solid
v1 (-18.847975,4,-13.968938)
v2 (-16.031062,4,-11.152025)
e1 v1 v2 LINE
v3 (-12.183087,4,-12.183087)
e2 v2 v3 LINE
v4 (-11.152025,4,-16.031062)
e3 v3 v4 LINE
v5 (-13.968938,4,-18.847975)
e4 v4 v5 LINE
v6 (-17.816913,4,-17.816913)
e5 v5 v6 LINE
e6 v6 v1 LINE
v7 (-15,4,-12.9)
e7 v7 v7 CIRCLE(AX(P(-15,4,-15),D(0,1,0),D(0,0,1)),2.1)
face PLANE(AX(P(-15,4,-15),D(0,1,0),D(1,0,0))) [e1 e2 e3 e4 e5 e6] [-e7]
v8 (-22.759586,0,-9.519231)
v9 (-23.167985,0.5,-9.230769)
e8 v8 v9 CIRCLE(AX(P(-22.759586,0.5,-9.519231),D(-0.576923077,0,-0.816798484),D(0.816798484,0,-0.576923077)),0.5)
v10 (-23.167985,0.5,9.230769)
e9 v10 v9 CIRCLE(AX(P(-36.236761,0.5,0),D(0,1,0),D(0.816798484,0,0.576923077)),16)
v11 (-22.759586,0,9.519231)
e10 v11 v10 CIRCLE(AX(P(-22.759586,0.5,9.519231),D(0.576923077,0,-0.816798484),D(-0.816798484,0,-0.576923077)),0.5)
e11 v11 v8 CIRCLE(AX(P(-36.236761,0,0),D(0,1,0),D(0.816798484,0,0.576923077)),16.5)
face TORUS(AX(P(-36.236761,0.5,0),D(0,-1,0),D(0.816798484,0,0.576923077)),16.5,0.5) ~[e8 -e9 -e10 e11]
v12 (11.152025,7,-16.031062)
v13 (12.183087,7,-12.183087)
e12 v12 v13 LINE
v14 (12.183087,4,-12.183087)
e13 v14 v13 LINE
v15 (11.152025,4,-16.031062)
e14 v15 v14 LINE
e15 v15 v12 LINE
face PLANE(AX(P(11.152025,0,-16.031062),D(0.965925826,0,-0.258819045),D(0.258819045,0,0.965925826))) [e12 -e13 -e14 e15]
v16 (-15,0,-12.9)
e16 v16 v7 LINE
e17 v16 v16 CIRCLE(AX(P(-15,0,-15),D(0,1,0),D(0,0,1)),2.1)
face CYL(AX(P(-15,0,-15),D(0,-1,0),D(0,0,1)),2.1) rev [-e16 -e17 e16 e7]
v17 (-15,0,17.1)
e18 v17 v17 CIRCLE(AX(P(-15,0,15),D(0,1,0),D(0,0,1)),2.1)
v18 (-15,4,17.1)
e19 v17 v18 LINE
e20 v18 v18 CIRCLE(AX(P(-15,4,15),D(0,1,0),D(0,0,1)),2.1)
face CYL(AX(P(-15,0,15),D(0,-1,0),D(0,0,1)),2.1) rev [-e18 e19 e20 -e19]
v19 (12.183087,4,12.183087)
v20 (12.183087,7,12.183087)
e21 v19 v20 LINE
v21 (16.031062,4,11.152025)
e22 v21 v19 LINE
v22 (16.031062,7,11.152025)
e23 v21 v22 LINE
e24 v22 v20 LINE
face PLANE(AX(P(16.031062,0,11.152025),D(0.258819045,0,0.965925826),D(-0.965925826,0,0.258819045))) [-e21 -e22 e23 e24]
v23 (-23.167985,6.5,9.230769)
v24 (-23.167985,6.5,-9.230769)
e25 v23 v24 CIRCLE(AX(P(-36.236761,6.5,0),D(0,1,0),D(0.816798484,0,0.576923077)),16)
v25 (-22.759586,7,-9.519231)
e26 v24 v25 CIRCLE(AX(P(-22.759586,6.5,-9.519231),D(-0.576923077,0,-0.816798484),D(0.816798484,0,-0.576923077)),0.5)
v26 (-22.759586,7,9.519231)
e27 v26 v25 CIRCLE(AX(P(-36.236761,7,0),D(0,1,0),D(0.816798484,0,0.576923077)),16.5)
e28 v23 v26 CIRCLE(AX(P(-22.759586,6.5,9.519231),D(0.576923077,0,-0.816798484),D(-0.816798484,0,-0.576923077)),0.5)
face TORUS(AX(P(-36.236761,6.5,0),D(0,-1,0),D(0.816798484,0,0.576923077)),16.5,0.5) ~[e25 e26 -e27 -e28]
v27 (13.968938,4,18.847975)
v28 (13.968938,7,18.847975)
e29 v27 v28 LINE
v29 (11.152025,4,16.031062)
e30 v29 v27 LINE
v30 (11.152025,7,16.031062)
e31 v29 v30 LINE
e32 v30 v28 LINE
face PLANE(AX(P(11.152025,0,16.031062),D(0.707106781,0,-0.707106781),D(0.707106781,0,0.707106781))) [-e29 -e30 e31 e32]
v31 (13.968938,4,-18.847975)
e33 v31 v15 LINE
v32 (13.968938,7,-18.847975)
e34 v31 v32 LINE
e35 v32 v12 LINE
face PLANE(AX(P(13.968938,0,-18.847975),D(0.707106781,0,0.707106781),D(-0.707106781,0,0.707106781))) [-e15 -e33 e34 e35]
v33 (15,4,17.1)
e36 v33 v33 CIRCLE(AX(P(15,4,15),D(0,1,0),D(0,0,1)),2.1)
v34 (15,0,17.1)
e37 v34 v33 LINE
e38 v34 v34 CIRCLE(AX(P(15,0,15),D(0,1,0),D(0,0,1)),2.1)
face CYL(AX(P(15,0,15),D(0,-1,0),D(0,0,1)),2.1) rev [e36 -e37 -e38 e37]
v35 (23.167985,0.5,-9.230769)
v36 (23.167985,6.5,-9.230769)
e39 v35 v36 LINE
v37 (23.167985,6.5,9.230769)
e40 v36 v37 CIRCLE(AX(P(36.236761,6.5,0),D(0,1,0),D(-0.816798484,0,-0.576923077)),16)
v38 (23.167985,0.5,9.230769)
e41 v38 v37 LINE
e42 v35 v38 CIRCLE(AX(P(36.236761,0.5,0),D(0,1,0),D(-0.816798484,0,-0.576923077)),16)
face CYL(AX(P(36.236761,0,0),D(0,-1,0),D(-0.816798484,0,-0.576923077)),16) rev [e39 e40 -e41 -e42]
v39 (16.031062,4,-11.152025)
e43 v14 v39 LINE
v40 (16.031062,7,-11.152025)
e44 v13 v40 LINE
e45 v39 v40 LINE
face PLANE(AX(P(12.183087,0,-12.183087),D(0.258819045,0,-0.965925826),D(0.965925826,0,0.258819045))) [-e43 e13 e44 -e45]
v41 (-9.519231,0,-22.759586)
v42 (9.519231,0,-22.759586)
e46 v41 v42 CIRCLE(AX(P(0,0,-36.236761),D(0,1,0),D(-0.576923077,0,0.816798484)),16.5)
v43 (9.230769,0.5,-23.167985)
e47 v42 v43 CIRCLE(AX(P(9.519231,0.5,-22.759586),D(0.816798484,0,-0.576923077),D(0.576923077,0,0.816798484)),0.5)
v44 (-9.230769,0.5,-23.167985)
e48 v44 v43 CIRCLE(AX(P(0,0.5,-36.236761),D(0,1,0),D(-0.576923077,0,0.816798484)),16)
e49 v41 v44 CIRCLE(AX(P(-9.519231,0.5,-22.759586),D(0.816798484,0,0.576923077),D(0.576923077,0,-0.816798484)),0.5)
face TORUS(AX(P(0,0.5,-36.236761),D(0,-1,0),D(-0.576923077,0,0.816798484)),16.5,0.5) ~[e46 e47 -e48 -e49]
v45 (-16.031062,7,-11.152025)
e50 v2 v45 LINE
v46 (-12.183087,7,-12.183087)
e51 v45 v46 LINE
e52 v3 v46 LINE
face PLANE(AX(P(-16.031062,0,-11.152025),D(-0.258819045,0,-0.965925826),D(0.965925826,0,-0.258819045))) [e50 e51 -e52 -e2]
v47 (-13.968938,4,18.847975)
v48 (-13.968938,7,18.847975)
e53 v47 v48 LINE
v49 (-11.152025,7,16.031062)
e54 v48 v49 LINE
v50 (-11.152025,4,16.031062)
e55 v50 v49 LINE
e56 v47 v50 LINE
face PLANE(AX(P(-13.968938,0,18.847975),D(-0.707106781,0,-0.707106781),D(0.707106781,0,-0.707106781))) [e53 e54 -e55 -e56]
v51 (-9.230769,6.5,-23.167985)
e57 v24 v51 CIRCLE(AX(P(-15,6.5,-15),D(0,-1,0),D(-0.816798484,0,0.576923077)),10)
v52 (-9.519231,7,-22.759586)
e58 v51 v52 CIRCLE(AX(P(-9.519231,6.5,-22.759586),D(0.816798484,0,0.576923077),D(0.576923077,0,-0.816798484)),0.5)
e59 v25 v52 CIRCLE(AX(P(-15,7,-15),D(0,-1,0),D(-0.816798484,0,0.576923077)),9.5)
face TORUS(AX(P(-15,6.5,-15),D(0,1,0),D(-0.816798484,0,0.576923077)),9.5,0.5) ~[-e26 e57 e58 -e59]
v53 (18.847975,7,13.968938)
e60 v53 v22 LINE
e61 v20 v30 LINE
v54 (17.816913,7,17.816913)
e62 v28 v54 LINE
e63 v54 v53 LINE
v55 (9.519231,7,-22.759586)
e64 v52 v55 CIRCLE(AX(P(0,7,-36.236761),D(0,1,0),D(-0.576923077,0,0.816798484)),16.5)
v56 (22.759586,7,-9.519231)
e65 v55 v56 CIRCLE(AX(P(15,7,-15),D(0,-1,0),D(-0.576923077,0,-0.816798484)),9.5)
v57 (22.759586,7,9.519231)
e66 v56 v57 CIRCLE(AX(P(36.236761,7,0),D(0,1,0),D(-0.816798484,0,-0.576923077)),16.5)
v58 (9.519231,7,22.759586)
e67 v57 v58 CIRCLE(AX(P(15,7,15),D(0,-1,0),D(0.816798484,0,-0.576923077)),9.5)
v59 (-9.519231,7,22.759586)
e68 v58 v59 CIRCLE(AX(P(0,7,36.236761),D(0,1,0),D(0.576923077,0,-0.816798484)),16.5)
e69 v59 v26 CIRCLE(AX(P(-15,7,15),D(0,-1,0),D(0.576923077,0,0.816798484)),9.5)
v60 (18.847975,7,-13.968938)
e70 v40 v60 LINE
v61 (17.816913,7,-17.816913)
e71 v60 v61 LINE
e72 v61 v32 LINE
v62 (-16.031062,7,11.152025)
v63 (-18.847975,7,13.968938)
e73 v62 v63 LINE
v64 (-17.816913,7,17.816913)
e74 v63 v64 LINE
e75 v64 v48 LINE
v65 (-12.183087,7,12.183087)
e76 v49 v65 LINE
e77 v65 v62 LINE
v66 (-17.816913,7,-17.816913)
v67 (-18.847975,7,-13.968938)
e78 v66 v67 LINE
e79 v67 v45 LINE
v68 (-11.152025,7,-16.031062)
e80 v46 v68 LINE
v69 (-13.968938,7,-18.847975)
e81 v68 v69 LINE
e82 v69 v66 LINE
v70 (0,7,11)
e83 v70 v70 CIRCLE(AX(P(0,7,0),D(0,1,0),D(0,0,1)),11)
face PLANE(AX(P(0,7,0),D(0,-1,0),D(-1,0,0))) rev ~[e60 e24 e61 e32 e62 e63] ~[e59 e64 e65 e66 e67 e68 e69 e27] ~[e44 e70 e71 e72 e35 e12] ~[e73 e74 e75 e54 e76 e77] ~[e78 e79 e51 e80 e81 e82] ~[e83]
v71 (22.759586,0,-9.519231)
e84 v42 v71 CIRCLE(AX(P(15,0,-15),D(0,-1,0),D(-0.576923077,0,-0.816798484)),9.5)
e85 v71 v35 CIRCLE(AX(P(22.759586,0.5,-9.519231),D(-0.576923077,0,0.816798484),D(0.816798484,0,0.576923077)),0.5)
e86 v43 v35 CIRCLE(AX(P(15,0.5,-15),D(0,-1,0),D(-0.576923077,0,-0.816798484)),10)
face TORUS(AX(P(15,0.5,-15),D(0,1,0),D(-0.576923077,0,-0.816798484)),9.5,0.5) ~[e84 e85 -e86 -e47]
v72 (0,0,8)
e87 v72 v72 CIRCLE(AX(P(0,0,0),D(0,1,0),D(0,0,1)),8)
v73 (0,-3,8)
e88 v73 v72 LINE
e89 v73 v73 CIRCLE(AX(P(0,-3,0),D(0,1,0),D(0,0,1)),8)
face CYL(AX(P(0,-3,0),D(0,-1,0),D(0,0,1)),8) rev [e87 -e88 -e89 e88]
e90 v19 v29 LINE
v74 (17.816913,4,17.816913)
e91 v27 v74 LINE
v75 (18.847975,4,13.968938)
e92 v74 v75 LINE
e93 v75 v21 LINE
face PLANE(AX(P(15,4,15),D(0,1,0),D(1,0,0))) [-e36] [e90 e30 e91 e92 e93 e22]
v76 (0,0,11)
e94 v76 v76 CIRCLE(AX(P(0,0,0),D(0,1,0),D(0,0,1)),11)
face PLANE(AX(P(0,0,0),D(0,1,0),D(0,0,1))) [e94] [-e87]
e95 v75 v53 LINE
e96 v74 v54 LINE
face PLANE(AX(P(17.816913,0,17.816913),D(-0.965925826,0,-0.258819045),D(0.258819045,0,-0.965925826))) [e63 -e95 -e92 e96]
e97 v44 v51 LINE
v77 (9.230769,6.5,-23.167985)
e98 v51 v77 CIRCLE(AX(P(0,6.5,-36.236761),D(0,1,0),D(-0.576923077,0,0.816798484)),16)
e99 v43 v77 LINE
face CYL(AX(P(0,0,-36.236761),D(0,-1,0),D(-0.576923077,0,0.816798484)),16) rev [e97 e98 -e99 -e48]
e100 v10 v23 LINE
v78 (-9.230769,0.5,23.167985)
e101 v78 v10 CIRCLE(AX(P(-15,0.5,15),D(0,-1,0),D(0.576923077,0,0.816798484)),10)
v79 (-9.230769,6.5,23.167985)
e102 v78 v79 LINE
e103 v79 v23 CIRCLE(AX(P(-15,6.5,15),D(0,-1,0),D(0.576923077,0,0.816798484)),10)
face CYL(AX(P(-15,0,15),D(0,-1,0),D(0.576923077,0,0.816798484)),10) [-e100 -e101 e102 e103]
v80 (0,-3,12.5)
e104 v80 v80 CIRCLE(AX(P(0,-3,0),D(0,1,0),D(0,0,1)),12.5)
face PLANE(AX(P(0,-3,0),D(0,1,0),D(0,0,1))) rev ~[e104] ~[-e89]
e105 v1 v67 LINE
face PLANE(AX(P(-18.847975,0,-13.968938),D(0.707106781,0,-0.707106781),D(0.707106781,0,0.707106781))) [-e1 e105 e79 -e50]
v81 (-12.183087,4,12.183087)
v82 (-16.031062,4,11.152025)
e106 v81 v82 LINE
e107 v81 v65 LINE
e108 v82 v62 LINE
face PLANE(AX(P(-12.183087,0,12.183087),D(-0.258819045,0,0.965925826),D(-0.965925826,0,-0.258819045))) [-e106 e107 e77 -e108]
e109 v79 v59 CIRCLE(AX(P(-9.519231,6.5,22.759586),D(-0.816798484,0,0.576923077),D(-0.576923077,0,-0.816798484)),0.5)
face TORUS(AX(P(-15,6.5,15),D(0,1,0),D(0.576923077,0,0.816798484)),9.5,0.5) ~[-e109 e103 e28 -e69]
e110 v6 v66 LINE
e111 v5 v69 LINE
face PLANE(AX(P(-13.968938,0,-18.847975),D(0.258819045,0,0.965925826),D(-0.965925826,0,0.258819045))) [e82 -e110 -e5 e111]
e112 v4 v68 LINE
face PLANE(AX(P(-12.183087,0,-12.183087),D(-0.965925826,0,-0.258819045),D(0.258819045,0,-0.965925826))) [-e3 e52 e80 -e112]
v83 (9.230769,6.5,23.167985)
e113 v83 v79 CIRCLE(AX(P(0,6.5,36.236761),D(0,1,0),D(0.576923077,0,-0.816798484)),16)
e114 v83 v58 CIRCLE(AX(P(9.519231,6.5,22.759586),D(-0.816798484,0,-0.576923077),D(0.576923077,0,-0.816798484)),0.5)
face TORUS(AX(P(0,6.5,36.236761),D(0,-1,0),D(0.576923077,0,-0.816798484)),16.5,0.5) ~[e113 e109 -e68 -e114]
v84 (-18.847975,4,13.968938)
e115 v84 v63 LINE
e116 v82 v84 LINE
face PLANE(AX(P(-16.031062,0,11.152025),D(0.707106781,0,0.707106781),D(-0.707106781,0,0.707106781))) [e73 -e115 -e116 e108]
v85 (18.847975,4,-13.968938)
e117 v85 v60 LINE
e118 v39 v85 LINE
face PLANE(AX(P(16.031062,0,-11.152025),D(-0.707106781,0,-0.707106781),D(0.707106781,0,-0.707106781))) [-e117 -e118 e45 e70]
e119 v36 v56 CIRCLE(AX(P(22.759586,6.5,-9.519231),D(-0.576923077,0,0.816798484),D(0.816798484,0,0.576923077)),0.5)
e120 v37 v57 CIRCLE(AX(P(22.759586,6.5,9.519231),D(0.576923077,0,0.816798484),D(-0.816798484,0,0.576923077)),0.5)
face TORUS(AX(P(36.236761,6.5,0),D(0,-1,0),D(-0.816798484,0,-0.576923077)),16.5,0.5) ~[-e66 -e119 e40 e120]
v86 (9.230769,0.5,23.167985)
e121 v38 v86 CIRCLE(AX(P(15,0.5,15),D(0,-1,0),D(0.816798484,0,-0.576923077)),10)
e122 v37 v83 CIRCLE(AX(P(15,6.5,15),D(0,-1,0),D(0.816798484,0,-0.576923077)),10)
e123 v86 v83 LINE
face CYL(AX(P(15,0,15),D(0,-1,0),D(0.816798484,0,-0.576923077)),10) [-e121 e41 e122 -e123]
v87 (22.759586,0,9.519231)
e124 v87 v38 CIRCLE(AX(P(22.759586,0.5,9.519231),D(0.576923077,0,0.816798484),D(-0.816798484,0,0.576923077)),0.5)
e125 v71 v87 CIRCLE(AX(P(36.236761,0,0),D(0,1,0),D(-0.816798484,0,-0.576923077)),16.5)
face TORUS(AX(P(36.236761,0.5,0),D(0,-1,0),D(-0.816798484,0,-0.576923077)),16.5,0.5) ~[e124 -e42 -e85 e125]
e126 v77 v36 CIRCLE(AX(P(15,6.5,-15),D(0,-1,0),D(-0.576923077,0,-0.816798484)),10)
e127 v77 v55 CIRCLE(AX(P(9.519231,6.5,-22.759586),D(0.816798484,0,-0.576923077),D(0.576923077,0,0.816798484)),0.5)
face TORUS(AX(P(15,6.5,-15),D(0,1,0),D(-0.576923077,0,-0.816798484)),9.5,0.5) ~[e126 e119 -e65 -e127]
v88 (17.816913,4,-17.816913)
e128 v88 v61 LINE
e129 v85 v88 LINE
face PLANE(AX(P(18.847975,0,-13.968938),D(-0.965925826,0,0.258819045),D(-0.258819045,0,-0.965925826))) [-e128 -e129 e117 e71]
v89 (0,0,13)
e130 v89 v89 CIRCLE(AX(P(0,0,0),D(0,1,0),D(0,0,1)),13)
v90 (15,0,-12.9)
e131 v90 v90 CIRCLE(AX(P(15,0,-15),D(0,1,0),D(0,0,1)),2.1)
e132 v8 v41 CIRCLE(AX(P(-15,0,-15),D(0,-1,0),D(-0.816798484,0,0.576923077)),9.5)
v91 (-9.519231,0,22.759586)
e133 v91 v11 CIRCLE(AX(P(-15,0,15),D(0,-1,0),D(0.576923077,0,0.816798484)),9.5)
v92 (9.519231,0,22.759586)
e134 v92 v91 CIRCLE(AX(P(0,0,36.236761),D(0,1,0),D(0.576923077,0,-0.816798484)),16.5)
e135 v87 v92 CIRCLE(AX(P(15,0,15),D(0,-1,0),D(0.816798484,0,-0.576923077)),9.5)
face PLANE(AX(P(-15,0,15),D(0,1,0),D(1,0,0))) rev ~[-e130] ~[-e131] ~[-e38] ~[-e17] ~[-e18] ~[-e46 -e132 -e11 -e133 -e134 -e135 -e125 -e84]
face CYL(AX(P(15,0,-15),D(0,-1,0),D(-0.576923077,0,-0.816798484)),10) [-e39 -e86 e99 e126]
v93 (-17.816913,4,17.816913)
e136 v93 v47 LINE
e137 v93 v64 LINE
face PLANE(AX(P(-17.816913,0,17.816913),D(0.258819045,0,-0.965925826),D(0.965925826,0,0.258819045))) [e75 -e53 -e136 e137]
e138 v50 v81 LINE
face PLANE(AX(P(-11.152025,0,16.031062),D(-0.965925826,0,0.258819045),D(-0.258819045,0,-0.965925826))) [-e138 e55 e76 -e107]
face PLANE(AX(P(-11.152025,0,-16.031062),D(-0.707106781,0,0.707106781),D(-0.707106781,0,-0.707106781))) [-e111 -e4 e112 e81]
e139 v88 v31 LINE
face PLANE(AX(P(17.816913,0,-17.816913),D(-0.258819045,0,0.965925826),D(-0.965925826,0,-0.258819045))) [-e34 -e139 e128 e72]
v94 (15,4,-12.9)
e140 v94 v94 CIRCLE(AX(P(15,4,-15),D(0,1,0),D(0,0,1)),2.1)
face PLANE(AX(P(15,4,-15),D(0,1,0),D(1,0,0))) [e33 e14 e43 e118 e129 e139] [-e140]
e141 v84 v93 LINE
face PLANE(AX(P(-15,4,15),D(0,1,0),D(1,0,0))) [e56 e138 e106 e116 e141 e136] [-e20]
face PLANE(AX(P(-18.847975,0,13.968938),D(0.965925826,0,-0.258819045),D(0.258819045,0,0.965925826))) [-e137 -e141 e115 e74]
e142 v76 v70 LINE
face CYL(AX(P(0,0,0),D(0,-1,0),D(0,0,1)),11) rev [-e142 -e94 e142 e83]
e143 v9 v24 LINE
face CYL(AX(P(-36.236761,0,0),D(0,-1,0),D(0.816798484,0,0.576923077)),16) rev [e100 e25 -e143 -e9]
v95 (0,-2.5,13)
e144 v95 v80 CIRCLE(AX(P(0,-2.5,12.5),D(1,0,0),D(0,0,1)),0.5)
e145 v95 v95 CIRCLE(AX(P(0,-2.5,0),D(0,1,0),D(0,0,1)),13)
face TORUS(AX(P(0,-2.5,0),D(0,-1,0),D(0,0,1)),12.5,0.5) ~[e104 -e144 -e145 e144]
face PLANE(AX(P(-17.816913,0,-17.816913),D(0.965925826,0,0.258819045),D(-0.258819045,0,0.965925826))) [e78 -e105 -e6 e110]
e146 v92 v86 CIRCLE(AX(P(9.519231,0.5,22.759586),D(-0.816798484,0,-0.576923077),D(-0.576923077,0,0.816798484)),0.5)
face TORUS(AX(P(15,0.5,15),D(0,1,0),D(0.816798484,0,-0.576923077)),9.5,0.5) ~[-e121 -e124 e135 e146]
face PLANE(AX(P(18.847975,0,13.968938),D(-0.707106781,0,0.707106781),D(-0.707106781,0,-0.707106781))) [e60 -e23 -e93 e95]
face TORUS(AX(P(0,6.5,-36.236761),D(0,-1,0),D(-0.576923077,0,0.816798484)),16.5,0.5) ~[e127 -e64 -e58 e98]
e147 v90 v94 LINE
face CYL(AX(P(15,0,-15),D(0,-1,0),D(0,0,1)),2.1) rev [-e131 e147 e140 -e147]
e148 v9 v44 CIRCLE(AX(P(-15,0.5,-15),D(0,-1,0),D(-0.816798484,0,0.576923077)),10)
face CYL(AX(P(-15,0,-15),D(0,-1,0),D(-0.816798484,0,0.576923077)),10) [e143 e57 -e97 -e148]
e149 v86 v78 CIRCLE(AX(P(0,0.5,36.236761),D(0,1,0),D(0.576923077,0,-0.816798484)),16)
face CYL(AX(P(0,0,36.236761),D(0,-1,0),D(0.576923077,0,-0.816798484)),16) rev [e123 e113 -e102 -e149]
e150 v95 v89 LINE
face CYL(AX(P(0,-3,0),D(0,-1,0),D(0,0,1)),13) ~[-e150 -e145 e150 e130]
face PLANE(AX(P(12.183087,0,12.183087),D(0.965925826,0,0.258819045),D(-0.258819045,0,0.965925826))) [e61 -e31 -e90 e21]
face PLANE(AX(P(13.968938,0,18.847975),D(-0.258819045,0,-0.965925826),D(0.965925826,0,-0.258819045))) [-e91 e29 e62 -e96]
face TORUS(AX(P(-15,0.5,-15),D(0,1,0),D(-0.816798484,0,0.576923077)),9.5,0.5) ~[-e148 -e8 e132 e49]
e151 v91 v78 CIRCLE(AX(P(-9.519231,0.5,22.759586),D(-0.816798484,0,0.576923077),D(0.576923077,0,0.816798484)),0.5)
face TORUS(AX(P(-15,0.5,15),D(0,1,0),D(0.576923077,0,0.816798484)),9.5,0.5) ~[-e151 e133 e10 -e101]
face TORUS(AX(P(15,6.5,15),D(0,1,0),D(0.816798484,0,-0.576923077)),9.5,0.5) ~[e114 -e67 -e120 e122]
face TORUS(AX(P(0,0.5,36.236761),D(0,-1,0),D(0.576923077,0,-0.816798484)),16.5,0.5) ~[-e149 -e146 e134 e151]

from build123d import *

# Parameters (mm, degrees)
SKETCH1_R           = 11
BOSS_EXTRUDE1_DEPTH = 7
BOSS_EXTRUDE2_START = -3
SKETCH1_3_R         = 13
SKETCH1_3_R_2       = 11
SKETCH1_3_R_3       = 8
BOSS_EXTRUDE2_DEPTH = 3
SKETCH1_4_R         = 2.1
BOSS_EXTRUDE3_DEPTH = 4
FILLET1_R           = 0.5


with BuildPart() as part:
    # Sketch1 → Boss-Extrude1 (new body)
    with BuildSketch(Plane(origin=(0, 0, 0), x_dir=(1, 0, 0), z_dir=(0, 1, 0))):
        with BuildLine():
            ThreePointArc((-23.167984839, 9.230769231), (-22.071067812, 22.071067812), (-9.230769231, 23.167984839))
            ThreePointArc((-9.230769231, 23.167984839), (0, 20.236760582), (9.230769231, 23.167984839))
            ThreePointArc((9.230769231, 23.167984839), (22.071067812, 22.071067812), (23.167984839, 9.230769231))
            ThreePointArc((23.167984839, 9.230769231), (20.236760582, 0), (23.167984839, -9.230769231))
            ThreePointArc((23.167984839, -9.230769231), (22.071067812, -22.071067812), (9.230769231, -23.167984839))
            ThreePointArc((9.230769231, -23.167984839), (0, -20.236760582), (-9.230769231, -23.167984839))
            ThreePointArc((-9.230769231, -23.167984839), (-22.071067812, -22.071067812), (-23.167984839, -9.230769231))
            ThreePointArc((-23.167984839, -9.230769231), (-20.236760582, 0), (-23.167984839, 9.230769231))
        make_face()
        with Locations(Location((0, 0, 0), (0, 0, 270))):
            Circle(SKETCH1_R, mode=Mode.SUBTRACT)
        Polygon((-12.183086796, 12.183086796), (-11.152025003, 16.031061793), (-13.968938207, 18.847974997), (-17.816913204, 17.816913204), (-18.847974997, 13.968938207), (-16.031061793, 11.152025003), align=None, mode=Mode.SUBTRACT)
        Polygon((11.152025003, 16.031061793), (12.183086796, 12.183086796), (16.031061793, 11.152025003), (18.847974997, 13.968938207), (17.816913204, 17.816913204), (13.968938207, 18.847974997), align=None, mode=Mode.SUBTRACT)
        Polygon((11.152025003, -16.031061793), (13.968938207, -18.847974997), (17.816913204, -17.816913204), (18.847974997, -13.968938207), (16.031061793, -11.152025003), (12.183086796, -12.183086796), align=None, mode=Mode.SUBTRACT)
        Polygon((-11.152025003, -16.031061793), (-12.183086796, -12.183086796), (-16.031061793, -11.152025003), (-18.847974997, -13.968938207), (-17.816913204, -17.816913204), (-13.968938207, -18.847974997), align=None, mode=Mode.SUBTRACT)
    extrude(amount=BOSS_EXTRUDE1_DEPTH)

    # Sketch1<3> → Boss-Extrude2 (add)
    # profile 1 of 2: a face of its own
    with BuildSketch(Plane(origin=(0, 0, 0), x_dir=(1, 0, 0), z_dir=(0, 1, 0)).offset(BOSS_EXTRUDE2_START)):
        with Locations(Location((0, 0, 0), (0, 0, 270))):
            Circle(SKETCH1_3_R)
        with Locations(Location((0, 0, 0), (0, 0, 270))):
            Circle(SKETCH1_3_R_2, mode=Mode.SUBTRACT)
    # profile 2 of 2: a face of its own
    with BuildSketch(Plane(origin=(0, 0, 0), x_dir=(1, 0, 0), z_dir=(0, 1, 0)).offset(BOSS_EXTRUDE2_START)):
        with Locations(Location((0, 0, 0), (0, 0, 270))):
            Circle(SKETCH1_3_R_2)
        with Locations(Location((0, 0, 0), (0, 0, 270))):
            Circle(SKETCH1_3_R_3, mode=Mode.SUBTRACT)
    extrude(amount=BOSS_EXTRUDE2_DEPTH)

    # Sketch1<4> → Boss-Extrude3 (add)
    # profile 1 of 4: a face of its own
    with BuildSketch(Plane(origin=(0, 0, 0), x_dir=(1, 0, 0), z_dir=(0, 1, 0))):
        Polygon((-17.816913204, -17.816913204), (-13.968938207, -18.847974997), (-11.152025003, -16.031061793), (-12.183086796, -12.183086796), (-16.031061793, -11.152025003), (-18.847974997, -13.968938207), align=None)
        with Locations(Location((-15, -15, 0), (0, 0, 270))):
            Circle(SKETCH1_4_R, mode=Mode.SUBTRACT)
    # profile 2 of 4: a face of its own
    with BuildSketch(Plane(origin=(0, 0, 0), x_dir=(1, 0, 0), z_dir=(0, 1, 0))):
        Polygon((-18.847974997, 13.968938207), (-16.031061793, 11.152025003), (-12.183086796, 12.183086796), (-11.152025003, 16.031061793), (-13.968938207, 18.847974997), (-17.816913204, 17.816913204), align=None)
        with Locations(Location((-15, 15, 0), (0, 0, 270))):
            Circle(SKETCH1_4_R, mode=Mode.SUBTRACT)
    # profile 3 of 4: a face of its own
    with BuildSketch(Plane(origin=(0, 0, 0), x_dir=(1, 0, 0), z_dir=(0, 1, 0))):
        Polygon((17.816913204, 17.816913204), (13.968938207, 18.847974997), (11.152025003, 16.031061793), (12.183086796, 12.183086796), (16.031061793, 11.152025003), (18.847974997, 13.968938207), align=None)
        with Locations(Location((15, 15, 0), (0, 0, 270))):
            Circle(SKETCH1_4_R, mode=Mode.SUBTRACT)
    # profile 4 of 4: a face of its own
    with BuildSketch(Plane(origin=(0, 0, 0), x_dir=(1, 0, 0), z_dir=(0, 1, 0))):
        Polygon((16.031061793, -11.152025003), (12.183086796, -12.183086796), (11.152025003, -16.031061793), (13.968938207, -18.847974997), (17.816913204, -17.816913204), (18.847974997, -13.968938207), align=None)
        with Locations(Location((15, -15, 0), (0, 0, 270))):
            Circle(SKETCH1_4_R, mode=Mode.SUBTRACT)
    extrude(amount=BOSS_EXTRUDE3_DEPTH)

    # Fillet1
    fillet1_edges = [part.edges().sort_by_distance(p)[0] for p in [
        (0, 7, 20.236760582),
        (0, -3, -13),
        (22.071067812, 7, 22.071067812),
        (20.236760582, 7, 0),
        (22.071067812, 7, -22.071067812),
        (0, 7, -20.236760582),
        (-22.071067812, 7, -22.071067812),
        (-20.236760582, 7, 0),
        (-22.071067812, 7, 22.071067812),
        (-22.071067812, 0, 22.071067812),
        (-20.236760582, 0, 0),
        (-22.071067812, 0, -22.071067812),
        (0, 0, -20.236760582),
        (22.071067812, 0, -22.071067812),
        (20.236760582, 0, 0),
        (22.071067812, 0, 22.071067812),
        (0, 0, 20.236760582),
    ]]
    fillet(fillet1_edges, radius=FILLET1_R)


solid = part.part
